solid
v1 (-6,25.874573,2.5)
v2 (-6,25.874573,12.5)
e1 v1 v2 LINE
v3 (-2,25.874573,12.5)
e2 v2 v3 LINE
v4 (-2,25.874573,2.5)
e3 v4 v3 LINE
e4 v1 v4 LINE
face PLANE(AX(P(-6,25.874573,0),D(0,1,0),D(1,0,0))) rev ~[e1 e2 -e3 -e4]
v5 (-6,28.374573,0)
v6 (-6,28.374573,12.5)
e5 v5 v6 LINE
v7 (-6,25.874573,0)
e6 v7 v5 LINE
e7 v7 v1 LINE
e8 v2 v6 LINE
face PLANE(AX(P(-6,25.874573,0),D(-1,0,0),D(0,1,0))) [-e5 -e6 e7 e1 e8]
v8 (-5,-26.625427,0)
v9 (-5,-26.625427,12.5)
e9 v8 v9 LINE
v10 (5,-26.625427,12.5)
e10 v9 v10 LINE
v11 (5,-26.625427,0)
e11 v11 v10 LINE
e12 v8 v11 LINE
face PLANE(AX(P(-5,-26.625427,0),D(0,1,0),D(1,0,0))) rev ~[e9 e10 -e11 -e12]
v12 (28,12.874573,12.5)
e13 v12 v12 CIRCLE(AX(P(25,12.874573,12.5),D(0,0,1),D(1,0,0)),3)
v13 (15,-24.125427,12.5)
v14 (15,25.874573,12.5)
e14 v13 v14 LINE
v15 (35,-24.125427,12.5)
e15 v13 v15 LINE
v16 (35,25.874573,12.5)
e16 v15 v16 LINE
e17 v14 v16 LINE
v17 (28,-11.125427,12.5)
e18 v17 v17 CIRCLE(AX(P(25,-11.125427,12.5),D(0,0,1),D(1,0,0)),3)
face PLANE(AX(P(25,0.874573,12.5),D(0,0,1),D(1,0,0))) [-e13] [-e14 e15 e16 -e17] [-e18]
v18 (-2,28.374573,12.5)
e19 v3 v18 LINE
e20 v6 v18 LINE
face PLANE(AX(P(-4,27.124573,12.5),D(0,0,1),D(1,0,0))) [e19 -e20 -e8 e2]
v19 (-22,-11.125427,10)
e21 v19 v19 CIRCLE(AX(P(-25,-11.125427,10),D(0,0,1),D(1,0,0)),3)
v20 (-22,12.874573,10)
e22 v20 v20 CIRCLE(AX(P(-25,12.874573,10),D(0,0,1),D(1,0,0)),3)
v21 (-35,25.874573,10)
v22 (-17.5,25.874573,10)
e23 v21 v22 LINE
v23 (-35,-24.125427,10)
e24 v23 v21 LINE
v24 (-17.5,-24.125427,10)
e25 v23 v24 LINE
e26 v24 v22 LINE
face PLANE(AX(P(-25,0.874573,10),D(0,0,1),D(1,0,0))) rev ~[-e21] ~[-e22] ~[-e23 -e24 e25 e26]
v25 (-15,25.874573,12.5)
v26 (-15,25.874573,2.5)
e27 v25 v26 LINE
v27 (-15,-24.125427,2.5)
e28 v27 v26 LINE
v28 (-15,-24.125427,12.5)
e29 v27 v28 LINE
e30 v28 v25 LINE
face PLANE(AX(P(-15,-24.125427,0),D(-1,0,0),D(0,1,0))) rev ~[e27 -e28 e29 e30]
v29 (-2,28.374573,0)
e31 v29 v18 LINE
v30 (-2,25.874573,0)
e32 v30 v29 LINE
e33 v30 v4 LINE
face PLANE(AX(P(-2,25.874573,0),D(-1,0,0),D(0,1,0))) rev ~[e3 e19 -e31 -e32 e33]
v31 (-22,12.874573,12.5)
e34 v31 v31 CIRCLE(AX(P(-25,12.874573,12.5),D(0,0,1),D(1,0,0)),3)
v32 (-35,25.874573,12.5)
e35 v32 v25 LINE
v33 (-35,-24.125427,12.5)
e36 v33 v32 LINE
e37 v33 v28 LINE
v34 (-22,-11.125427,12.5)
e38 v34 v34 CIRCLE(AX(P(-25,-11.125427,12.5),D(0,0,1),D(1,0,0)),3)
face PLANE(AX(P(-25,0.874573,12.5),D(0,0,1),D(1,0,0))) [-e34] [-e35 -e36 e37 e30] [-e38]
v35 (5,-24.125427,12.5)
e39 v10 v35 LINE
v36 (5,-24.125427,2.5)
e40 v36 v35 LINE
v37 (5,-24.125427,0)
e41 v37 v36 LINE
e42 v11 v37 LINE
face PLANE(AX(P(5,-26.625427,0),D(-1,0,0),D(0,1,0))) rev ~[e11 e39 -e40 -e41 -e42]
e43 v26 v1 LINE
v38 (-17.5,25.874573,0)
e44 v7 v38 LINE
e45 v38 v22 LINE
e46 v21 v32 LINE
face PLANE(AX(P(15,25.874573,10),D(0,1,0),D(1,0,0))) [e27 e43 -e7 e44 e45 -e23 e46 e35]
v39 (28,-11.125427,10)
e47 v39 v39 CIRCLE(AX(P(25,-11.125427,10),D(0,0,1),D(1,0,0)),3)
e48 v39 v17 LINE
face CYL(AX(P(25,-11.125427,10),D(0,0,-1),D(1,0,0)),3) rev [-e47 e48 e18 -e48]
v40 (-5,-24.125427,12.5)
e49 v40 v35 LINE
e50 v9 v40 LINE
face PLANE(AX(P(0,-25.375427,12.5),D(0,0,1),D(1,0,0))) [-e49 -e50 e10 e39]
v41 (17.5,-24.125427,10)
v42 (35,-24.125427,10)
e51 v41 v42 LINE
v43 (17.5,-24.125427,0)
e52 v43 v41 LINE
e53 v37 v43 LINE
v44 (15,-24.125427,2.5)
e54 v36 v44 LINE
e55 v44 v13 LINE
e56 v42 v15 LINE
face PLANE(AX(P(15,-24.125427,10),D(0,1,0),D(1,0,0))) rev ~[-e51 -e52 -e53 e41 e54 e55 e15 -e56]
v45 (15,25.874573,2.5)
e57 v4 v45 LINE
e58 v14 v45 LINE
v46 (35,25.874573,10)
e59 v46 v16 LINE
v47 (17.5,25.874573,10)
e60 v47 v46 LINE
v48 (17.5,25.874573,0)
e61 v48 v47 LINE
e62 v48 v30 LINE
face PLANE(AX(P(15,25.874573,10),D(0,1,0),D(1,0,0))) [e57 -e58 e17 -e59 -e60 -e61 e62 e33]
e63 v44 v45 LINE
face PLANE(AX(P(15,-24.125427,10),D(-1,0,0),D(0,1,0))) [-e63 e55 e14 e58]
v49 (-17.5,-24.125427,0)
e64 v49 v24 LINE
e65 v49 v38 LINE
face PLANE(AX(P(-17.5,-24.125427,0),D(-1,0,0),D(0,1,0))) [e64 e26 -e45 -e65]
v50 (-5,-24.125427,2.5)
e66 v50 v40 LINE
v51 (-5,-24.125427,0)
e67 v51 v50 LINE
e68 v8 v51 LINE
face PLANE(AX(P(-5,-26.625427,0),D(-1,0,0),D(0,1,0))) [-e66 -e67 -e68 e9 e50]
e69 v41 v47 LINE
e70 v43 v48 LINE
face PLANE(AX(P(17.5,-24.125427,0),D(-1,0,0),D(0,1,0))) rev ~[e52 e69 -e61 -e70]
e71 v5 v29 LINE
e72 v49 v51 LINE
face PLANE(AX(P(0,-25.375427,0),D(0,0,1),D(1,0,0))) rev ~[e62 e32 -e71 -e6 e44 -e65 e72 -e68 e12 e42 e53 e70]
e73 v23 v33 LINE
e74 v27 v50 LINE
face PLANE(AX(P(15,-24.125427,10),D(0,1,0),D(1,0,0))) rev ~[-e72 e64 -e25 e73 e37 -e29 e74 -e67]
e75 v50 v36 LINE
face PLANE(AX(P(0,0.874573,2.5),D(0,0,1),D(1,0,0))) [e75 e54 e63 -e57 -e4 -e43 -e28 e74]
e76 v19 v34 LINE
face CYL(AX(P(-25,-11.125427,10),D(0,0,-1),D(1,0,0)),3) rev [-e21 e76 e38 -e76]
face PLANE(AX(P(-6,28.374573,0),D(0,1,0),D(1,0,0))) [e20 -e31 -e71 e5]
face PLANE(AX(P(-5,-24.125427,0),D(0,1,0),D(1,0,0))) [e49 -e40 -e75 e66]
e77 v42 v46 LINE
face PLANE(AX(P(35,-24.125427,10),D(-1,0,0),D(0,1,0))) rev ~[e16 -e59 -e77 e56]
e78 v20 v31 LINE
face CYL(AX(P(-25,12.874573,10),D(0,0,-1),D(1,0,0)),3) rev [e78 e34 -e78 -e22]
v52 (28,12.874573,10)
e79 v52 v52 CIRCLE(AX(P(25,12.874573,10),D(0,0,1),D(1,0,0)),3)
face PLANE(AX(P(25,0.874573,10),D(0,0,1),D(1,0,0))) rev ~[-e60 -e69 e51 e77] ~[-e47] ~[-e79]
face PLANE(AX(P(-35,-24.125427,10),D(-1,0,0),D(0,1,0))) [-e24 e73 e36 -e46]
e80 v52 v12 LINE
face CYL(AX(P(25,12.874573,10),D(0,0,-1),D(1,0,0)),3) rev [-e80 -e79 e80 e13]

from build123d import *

# Parameters (mm, degrees)
F0_W     = 30
F0_H     = 50
F1_DEPTH = 2.5
F2_W     = 2.5
F2_H     = 50
F3_DEPTH = 10
F4_W     = 20
F4_H     = 50
F4_R     = 3
F5_DEPTH = 2.5
F6_W     = 4
F6_H     = 2.5
F7_DEPTH = 12.5
F8_W     = 10
F8_H     = 2.5
F9_DEPTH = 12.5


with BuildPart() as f1:
    # F0 (on Top) → F1 (new body)
    with BuildSketch(Plane.XY):
        with Locations((0, 0.874573)):
            Rectangle(F0_W, F0_H)
    extrude(amount=F1_DEPTH)

    # F2 (on Top) → F3 (join)
    with BuildSketch(Plane.XY):
        with Locations((16.25, 0.874573)):
            Rectangle(F2_W, F2_H)
        with Locations((-16.25, 0.874573)):
            Rectangle(F2_W, F2_H)
    extrude(amount=F3_DEPTH)

    # F4 (on face) → F5 (join)
    with BuildSketch(Plane.XY.offset(10)):
        with Locations((25, 0.874573)):
            Rectangle(F4_W, F4_H)
        with Locations((25, -11.125427)):
            Circle(F4_R, mode=Mode.SUBTRACT)
        with Locations((25, 12.874573)):
            Circle(F4_R, mode=Mode.SUBTRACT)
        with Locations((-25, 0.874573)):
            Rectangle(F4_W, F4_H)
        with Locations((-25, -11.125427)):
            Circle(F4_R, mode=Mode.SUBTRACT)
        with Locations((-25, 12.874573)):
            Circle(F4_R, mode=Mode.SUBTRACT)
    extrude(amount=F5_DEPTH)

    # F6 (on Top) → F7 (join, through all)
    with BuildSketch(Plane.XY):
        with Locations((-4, 27.124573)):
            Rectangle(F6_W, F6_H)
    extrude(amount=F7_DEPTH)

    # F8 (on Top) → F9 (join, through all)
    with BuildSketch(Plane.XY):
        with Locations((0, -25.375427)):
            Rectangle(F8_W, F8_H)
    extrude(amount=F9_DEPTH)


solid = f1.part
